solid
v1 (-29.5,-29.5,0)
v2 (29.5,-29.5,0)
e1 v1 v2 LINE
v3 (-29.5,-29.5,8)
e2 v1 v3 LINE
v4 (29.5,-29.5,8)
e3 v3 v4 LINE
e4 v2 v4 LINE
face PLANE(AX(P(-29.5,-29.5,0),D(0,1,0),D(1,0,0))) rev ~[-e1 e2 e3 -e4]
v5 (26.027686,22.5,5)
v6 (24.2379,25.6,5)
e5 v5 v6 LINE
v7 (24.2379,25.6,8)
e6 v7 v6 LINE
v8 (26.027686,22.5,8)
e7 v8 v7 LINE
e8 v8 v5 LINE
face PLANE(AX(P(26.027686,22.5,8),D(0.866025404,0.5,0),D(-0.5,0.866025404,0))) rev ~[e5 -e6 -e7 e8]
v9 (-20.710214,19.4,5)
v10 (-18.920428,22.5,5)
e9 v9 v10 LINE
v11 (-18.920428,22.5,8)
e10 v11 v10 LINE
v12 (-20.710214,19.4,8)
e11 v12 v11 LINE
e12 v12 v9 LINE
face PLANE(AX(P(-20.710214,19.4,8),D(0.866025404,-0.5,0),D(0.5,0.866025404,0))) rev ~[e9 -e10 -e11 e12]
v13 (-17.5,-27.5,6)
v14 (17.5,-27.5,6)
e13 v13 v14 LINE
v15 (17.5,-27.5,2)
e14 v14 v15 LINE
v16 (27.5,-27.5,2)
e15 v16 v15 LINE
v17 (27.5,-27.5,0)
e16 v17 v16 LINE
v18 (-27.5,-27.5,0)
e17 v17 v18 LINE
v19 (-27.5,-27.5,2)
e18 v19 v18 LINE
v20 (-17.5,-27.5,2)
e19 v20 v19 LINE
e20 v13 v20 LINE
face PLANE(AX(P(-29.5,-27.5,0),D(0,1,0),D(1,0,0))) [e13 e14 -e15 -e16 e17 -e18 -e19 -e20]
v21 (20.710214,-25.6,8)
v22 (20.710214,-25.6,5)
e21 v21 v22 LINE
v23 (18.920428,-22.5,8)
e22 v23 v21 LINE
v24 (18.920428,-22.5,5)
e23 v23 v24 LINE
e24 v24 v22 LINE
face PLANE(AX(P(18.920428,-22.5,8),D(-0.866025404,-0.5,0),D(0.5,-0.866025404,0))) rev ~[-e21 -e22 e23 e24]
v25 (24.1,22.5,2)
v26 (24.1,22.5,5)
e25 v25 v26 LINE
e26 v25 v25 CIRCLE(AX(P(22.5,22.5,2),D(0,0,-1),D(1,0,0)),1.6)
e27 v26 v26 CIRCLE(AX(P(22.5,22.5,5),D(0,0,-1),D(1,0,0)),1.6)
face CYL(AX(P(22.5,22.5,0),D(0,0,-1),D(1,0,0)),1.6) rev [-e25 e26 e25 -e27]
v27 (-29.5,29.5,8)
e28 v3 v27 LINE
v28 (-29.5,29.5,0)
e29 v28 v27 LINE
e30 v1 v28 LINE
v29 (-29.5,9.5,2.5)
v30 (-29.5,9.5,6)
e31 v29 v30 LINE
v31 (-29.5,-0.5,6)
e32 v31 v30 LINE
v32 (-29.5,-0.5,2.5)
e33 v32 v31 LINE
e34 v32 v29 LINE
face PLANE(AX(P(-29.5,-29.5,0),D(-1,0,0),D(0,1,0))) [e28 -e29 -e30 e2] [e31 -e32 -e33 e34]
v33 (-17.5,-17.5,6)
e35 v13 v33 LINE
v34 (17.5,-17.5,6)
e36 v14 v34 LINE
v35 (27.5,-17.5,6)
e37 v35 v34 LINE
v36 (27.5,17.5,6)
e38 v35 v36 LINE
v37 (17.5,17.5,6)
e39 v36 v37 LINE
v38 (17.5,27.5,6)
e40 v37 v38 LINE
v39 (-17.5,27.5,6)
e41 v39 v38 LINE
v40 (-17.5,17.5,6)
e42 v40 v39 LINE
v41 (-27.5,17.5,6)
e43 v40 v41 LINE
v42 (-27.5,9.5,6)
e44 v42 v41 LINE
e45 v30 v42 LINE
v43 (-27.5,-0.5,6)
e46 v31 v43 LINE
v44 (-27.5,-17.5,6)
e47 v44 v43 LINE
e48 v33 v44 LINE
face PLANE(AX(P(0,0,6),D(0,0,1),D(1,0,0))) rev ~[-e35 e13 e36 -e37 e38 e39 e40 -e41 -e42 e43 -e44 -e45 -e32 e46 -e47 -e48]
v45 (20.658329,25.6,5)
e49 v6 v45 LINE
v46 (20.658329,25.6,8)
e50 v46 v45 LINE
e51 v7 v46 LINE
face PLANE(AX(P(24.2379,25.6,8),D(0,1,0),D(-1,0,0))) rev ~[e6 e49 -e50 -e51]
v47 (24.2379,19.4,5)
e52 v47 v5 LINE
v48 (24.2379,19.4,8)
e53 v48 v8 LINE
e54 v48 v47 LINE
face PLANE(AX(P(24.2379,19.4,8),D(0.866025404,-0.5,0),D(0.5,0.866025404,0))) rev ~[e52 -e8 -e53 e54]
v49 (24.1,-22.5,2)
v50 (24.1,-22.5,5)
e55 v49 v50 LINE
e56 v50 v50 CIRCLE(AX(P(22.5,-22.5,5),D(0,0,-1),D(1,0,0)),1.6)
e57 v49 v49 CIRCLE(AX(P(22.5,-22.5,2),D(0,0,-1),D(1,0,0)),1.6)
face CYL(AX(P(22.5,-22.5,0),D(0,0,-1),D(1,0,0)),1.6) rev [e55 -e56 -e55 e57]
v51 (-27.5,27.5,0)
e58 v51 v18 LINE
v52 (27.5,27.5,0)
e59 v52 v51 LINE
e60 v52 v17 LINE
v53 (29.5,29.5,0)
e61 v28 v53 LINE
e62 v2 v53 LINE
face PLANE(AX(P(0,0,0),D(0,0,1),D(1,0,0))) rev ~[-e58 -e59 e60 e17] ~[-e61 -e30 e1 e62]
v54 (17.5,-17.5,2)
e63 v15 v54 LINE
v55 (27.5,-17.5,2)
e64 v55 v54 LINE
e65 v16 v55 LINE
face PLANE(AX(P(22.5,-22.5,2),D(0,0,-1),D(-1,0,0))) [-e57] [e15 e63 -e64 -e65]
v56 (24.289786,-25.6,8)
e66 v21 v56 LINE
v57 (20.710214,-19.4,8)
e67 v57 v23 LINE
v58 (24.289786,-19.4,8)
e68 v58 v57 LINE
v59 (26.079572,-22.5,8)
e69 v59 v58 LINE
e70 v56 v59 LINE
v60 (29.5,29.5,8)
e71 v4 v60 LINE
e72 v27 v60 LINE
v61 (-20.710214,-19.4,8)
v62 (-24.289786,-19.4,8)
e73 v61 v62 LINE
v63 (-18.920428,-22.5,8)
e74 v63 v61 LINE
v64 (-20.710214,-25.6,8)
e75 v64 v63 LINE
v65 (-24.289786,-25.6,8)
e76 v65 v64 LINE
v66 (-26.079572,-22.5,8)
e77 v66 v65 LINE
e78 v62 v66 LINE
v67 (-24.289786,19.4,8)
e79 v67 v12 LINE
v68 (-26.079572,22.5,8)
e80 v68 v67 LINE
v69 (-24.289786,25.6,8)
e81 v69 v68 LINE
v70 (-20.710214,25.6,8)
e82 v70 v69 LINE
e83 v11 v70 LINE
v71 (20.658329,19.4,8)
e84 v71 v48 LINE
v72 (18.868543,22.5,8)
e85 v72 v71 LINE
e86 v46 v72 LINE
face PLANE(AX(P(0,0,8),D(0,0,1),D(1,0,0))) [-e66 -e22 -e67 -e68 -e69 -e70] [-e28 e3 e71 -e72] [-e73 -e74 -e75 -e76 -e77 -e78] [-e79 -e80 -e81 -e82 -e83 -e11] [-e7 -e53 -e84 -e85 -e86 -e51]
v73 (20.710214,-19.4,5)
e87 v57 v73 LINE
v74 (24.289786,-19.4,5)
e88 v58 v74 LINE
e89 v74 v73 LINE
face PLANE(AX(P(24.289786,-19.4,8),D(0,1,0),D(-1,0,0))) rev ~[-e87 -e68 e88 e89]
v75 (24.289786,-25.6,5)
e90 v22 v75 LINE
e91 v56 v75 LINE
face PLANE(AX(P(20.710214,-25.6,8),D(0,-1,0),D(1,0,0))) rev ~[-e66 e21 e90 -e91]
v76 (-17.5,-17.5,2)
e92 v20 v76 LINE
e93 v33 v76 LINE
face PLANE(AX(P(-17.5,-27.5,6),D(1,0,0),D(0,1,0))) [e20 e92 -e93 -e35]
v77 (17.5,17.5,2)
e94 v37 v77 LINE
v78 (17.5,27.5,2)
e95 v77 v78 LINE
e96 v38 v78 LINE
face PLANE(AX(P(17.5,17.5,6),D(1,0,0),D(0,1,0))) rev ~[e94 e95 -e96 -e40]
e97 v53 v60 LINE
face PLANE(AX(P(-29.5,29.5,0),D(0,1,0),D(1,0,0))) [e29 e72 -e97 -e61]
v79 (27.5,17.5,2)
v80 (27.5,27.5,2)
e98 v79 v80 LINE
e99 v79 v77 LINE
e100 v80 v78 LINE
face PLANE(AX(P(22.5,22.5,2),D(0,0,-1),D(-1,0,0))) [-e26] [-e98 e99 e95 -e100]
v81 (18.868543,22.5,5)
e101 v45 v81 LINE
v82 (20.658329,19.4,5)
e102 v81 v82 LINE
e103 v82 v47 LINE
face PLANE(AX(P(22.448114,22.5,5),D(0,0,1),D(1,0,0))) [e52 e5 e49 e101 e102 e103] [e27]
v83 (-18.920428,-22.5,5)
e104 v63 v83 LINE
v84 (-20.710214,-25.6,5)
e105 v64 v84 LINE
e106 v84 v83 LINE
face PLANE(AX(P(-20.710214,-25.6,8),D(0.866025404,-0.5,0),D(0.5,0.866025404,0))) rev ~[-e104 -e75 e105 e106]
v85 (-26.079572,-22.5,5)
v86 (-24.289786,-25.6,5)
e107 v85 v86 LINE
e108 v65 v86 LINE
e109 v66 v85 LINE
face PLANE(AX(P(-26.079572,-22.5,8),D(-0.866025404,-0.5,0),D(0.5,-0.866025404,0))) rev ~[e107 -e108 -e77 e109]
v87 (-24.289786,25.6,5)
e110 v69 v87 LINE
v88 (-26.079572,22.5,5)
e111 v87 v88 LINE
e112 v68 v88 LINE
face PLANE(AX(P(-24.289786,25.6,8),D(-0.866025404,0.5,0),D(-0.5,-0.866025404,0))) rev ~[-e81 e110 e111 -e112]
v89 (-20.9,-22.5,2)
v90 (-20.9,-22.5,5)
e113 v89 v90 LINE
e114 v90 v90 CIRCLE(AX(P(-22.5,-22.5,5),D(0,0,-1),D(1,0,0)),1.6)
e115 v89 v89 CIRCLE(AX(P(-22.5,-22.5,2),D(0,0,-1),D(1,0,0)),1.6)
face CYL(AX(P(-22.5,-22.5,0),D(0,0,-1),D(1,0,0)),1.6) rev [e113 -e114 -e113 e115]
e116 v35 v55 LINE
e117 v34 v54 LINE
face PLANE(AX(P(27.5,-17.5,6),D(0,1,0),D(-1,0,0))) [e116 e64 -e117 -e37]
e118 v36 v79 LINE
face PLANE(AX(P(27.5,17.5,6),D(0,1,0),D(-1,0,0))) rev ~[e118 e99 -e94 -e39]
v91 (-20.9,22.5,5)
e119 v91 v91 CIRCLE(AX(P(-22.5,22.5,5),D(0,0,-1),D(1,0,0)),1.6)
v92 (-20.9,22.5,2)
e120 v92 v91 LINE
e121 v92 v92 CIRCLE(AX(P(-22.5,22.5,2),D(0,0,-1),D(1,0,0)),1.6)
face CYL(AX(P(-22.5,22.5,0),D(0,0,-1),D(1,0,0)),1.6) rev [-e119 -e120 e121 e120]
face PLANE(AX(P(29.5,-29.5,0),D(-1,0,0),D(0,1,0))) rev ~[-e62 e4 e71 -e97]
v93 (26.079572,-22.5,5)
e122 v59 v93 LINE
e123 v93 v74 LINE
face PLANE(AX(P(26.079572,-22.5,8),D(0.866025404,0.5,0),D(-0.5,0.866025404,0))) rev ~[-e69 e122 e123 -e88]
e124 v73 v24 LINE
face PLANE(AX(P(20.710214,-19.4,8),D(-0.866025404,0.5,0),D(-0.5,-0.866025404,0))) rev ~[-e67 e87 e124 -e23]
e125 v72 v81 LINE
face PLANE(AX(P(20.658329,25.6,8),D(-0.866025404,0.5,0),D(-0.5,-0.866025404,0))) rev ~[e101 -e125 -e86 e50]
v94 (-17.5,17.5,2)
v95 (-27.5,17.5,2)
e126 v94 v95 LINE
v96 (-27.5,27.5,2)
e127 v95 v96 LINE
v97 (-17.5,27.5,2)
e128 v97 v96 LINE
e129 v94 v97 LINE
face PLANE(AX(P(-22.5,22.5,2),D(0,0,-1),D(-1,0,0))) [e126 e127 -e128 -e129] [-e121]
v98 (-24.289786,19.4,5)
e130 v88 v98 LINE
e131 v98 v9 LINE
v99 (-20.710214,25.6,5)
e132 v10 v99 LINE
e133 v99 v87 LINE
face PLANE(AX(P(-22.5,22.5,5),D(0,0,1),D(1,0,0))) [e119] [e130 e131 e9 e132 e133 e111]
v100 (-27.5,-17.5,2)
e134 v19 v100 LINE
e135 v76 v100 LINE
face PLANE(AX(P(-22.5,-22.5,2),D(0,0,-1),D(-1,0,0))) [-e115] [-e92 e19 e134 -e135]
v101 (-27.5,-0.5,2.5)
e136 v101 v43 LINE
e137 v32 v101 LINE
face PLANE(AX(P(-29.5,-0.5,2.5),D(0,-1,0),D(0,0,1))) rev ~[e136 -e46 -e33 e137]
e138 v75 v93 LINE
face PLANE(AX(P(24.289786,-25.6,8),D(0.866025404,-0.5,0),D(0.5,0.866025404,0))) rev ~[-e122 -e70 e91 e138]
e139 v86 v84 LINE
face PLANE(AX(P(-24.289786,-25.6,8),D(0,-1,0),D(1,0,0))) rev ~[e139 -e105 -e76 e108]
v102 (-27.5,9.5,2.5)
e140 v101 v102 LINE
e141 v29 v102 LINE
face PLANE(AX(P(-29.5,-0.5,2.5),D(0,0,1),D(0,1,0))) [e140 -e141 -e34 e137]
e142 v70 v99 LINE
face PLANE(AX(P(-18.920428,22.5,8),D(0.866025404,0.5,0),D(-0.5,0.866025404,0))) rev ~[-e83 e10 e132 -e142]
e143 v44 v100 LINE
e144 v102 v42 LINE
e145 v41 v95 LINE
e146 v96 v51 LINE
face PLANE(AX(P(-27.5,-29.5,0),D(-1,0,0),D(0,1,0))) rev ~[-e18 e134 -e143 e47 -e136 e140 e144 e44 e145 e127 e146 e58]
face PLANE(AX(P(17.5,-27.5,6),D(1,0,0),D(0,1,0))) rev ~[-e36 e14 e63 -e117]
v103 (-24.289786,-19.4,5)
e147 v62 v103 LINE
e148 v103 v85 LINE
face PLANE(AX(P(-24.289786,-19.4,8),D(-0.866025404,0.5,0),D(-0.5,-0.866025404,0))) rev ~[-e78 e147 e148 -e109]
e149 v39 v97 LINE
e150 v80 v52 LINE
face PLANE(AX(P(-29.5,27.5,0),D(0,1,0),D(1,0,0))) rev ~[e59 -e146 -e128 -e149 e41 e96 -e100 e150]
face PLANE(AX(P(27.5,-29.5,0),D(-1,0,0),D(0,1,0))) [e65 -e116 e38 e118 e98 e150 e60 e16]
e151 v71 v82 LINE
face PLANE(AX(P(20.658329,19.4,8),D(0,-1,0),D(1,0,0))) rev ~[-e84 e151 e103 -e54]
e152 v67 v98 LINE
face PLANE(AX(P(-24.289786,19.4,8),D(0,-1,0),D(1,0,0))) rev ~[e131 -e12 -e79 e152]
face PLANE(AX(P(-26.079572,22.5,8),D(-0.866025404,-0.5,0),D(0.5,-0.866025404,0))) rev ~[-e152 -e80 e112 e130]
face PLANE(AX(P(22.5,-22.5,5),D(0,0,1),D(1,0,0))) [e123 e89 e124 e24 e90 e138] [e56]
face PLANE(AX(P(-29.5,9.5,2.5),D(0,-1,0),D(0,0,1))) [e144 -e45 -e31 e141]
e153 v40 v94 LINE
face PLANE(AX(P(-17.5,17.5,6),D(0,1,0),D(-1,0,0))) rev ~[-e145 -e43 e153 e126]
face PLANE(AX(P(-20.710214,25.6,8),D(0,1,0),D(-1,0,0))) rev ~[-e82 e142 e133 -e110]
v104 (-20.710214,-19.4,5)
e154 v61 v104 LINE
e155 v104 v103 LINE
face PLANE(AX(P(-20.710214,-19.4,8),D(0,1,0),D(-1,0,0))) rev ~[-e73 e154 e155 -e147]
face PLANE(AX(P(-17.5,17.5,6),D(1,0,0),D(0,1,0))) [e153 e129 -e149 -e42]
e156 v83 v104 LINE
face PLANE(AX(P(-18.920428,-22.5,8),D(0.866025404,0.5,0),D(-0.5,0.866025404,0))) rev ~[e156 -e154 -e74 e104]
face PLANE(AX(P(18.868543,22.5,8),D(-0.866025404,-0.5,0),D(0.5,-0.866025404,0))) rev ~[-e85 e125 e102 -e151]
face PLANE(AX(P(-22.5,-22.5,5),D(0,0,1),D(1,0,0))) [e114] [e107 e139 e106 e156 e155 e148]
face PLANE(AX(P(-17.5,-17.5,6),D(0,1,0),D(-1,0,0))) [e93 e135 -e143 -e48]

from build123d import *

# Parameters (mm, degrees)
SKIZZE1_W                        = 59
SKIZZE1_H                        = 59
AUFSATZ_LINEAR_AUSTRAGEN1_DEPTH  = 8
WANDUNG4_T                       = -2
SKIZZE5_W                        = 10
SKIZZE5_H                        = 10
AUFSATZ_LINEAR_AUSTRAGEN2_DEPTH  = 4
SKIZZE3_R                        = 1.6
SCHNITT_LINEAR_AUSTRAGEN8_DEPTH  = 10
SKIZZE6_W                        = 3.5
SKIZZE6_H                        = 10
SCHNITT_LINEAR_AUSTRAGEN10_DEPTH = 2
SCHNITT_LINEAR_AUSTRAGEN11_DEPTH = 3


with BuildPart() as part:
    # Skizze1 → Aufsatz-Linear austragen1 (new body)
    with BuildSketch(Plane.XY):
        Rectangle(SKIZZE1_W, SKIZZE1_H)
    extrude(amount=AUFSATZ_LINEAR_AUSTRAGEN1_DEPTH)

    # Wandung4
    wandung4_openings = [part.faces().sort_by_distance(p)[0] for p in [
        (0, 0, 0),
    ]]
    offset(amount=WANDUNG4_T, openings=wandung4_openings, kind=Kind.INTERSECTION)

    # Skizze5 → Aufsatz-Linear austragen2 (add)
    with BuildSketch(Plane(origin=(0, 0, 6), x_dir=(-1, 0, 0), z_dir=(0, 0, -1))):
        with Locations((-22.5, 22.5)):
            Rectangle(SKIZZE5_W, SKIZZE5_H)
        with Locations((22.5, 22.5)):
            Rectangle(SKIZZE5_W, SKIZZE5_H)
        with Locations((-22.5, -22.5)):
            Rectangle(SKIZZE5_W, SKIZZE5_H)
        with Locations((22.5, -22.5)):
            Rectangle(SKIZZE5_W, SKIZZE5_H)
    extrude(amount=AUFSATZ_LINEAR_AUSTRAGEN2_DEPTH)

    # Skizze3 → Schnitt-Linear austragen8 (cut)
    with BuildSketch(Plane.XY):
        with Locations((22.5, 22.5)):
            Circle(SKIZZE3_R)
        with Locations((-22.5, 22.5)):
            Circle(SKIZZE3_R)
        with Locations((-22.5, -22.5)):
            Circle(SKIZZE3_R)
        with Locations((22.5, -22.5)):
            Circle(SKIZZE3_R)
    extrude(amount=SCHNITT_LINEAR_AUSTRAGEN8_DEPTH, mode=Mode.SUBTRACT)

    # Skizze6 → Schnitt-Linear austragen10 (cut)
    with BuildSketch(Plane.ZY.offset(29.5)):
        with Locations((4.25, 4.5)):
            Rectangle(SKIZZE6_W, SKIZZE6_H)
    extrude(amount=-SCHNITT_LINEAR_AUSTRAGEN10_DEPTH, mode=Mode.SUBTRACT)

    # Skizze7 → Schnitt-Linear austragen11 (cut)
    with BuildSketch(Plane.XY.offset(8)):
        Polygon((-20.710214166, 25.6), (-24.289785834, 25.6), (-26.079571669, 22.5), (-24.289785834, 19.4), (-20.710214166, 19.4), (-18.920428331, 22.5), align=None)
        Polygon((24.237900311, 25.6), (20.658328642, 25.6), (18.868542808, 22.5), (20.658328642, 19.4), (24.237900311, 19.4), (26.027686146, 22.5), align=None)
        Polygon((-18.920428331, -22.5), (-20.710214166, -19.4), (-24.289785834, -19.4), (-26.079571669, -22.5), (-24.289785834, -25.6), (-20.710214166, -25.6), align=None)
        Polygon((24.289785834, -19.4), (20.710214166, -19.4), (18.920428331, -22.5), (20.710214166, -25.6), (24.289785834, -25.6), (26.079571669, -22.5), align=None)
    extrude(amount=-SCHNITT_LINEAR_AUSTRAGEN11_DEPTH, mode=Mode.SUBTRACT)


solid = part.part
